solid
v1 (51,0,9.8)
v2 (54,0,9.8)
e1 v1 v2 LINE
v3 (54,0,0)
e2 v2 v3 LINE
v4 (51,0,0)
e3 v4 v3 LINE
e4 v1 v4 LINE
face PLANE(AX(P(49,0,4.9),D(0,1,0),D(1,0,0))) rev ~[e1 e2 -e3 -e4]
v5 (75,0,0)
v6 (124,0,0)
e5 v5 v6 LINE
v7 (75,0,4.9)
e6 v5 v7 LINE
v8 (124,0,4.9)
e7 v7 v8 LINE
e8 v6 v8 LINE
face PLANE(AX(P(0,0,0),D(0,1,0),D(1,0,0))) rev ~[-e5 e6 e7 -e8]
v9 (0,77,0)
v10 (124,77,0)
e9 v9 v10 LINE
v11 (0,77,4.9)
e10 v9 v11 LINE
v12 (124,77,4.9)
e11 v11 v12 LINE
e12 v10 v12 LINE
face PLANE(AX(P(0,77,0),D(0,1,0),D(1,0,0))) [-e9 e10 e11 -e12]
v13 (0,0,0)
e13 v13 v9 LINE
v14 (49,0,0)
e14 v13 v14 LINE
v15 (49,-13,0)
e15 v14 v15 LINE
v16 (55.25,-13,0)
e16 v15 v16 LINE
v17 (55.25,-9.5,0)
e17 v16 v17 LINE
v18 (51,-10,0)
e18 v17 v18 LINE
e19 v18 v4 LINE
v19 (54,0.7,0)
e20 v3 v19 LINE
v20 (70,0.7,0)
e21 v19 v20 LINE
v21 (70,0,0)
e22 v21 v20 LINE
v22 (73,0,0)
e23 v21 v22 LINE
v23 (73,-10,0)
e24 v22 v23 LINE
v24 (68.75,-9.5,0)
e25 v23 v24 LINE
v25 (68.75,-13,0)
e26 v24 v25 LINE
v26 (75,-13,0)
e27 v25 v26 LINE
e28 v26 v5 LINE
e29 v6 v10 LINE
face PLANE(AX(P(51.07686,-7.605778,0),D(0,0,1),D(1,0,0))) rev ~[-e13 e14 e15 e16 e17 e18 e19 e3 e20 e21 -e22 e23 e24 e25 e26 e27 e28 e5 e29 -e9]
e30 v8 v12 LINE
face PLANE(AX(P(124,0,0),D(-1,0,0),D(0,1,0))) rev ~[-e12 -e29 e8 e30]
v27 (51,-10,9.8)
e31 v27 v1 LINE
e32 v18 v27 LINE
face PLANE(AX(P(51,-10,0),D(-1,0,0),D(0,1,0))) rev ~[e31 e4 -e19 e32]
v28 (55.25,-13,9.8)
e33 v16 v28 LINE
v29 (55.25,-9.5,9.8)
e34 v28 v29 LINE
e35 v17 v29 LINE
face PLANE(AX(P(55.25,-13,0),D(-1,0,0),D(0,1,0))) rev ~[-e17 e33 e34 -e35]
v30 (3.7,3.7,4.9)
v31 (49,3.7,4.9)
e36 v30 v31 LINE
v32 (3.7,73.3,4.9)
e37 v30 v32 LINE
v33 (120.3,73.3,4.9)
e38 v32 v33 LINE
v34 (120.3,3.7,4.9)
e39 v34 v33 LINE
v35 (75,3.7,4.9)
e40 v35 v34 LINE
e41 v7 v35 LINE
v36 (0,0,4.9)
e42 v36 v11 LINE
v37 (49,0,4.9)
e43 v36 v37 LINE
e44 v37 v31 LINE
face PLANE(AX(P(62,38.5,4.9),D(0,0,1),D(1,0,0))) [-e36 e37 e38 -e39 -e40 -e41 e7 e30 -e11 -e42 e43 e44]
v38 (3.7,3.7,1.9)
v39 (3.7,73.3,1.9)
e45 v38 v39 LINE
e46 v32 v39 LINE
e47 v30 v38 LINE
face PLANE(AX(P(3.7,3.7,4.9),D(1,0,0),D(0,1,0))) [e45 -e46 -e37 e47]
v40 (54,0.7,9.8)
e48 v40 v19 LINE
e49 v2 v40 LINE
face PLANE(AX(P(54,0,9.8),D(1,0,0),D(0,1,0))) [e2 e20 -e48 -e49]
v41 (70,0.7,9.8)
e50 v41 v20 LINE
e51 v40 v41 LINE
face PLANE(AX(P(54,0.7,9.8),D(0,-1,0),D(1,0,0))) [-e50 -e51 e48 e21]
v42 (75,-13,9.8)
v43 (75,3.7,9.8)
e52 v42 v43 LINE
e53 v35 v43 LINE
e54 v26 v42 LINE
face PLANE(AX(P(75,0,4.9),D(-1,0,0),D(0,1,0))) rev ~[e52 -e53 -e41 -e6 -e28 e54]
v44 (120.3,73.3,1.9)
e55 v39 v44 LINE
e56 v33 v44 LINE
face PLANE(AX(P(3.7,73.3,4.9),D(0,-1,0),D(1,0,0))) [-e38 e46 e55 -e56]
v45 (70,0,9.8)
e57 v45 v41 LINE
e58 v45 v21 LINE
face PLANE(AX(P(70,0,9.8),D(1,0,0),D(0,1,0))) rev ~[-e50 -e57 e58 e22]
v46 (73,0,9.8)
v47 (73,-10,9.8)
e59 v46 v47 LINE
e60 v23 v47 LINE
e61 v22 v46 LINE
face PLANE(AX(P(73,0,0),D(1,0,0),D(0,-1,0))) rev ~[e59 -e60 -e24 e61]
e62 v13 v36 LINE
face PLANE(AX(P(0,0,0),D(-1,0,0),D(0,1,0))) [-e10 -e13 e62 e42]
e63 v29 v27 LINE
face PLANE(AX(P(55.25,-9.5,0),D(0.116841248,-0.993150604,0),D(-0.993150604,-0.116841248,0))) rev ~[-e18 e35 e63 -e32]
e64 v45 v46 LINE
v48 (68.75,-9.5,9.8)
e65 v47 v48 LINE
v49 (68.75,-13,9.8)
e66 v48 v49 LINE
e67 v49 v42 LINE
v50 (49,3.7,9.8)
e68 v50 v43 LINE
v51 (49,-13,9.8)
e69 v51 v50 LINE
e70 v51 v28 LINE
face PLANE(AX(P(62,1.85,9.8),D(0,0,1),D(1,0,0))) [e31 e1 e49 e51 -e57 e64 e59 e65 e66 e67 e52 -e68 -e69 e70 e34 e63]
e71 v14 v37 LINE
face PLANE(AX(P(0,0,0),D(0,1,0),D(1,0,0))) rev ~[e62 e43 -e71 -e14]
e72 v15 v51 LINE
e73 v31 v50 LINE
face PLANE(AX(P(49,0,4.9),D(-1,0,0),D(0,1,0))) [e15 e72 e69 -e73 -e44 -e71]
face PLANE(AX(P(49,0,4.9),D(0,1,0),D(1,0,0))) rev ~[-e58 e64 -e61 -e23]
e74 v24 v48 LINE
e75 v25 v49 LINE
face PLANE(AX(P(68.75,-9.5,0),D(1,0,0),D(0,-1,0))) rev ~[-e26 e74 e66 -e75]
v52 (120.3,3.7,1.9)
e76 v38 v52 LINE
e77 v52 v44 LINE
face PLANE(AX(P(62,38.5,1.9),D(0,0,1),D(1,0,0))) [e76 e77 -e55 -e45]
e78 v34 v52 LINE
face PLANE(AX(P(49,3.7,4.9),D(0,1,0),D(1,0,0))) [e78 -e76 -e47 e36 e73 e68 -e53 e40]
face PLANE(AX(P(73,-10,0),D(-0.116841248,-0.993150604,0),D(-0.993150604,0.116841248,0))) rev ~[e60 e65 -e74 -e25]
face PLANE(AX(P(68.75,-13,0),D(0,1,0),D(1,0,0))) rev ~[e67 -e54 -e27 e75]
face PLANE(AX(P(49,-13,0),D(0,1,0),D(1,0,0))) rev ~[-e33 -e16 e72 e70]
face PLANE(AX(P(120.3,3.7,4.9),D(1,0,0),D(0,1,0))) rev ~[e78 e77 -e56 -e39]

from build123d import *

# Parameters (mm, degrees)
F0_W     = 124
F0_H     = 77
F1_DEPTH = 4.9
F2_W     = 116.6
F2_H     = 69.6
F3_DEPTH = 3
F5_DEPTH = 9.8
F6_W     = 26
F6_H     = 3.7
F7_DEPTH = 4.9
F8_W     = 16
F8_H     = 0.7
F9_DEPTH = 25


with BuildPart() as f1:
    # F0 (on Top) → F1 (new body)
    with BuildSketch(Plane.XY):
        with Locations((62, 38.5)):
            Rectangle(F0_W, F0_H)
    extrude(amount=F1_DEPTH)

    # F2 (on face) → F3 (cut)
    with BuildSketch(Plane.XY.offset(4.9)):
        with Locations((62, 38.5)):
            Rectangle(F2_W, F2_H)
    extrude(amount=-F3_DEPTH, mode=Mode.SUBTRACT)

    # F4 (on Top) → F5 (join)
    with BuildSketch(Plane.XY):
        Polygon((51, -10), (51, 0), (49, 0), (49, -13), (55.25, -13), (55.25, -9.5), align=None)
        Polygon((68.75, -9.5), (68.75, -13), (75, -13), (75, 0), (73, 0), (73, -10), align=None)
    extrude(amount=F5_DEPTH)

    # F6 (on face) → F7 (join, through all)
    with BuildSketch(Plane.XY.offset(4.9)):
        with Locations((62, 1.85)):
            Rectangle(F6_W, F6_H)
    extrude(amount=F7_DEPTH)

    # F8 (on face) → F9 (cut)
    with BuildSketch(Plane.XY.offset(9.8)):
        with Locations((62, 0.35)):
            Rectangle(F8_W, F8_H)
    extrude(amount=-F9_DEPTH, mode=Mode.SUBTRACT)


solid = f1.part
